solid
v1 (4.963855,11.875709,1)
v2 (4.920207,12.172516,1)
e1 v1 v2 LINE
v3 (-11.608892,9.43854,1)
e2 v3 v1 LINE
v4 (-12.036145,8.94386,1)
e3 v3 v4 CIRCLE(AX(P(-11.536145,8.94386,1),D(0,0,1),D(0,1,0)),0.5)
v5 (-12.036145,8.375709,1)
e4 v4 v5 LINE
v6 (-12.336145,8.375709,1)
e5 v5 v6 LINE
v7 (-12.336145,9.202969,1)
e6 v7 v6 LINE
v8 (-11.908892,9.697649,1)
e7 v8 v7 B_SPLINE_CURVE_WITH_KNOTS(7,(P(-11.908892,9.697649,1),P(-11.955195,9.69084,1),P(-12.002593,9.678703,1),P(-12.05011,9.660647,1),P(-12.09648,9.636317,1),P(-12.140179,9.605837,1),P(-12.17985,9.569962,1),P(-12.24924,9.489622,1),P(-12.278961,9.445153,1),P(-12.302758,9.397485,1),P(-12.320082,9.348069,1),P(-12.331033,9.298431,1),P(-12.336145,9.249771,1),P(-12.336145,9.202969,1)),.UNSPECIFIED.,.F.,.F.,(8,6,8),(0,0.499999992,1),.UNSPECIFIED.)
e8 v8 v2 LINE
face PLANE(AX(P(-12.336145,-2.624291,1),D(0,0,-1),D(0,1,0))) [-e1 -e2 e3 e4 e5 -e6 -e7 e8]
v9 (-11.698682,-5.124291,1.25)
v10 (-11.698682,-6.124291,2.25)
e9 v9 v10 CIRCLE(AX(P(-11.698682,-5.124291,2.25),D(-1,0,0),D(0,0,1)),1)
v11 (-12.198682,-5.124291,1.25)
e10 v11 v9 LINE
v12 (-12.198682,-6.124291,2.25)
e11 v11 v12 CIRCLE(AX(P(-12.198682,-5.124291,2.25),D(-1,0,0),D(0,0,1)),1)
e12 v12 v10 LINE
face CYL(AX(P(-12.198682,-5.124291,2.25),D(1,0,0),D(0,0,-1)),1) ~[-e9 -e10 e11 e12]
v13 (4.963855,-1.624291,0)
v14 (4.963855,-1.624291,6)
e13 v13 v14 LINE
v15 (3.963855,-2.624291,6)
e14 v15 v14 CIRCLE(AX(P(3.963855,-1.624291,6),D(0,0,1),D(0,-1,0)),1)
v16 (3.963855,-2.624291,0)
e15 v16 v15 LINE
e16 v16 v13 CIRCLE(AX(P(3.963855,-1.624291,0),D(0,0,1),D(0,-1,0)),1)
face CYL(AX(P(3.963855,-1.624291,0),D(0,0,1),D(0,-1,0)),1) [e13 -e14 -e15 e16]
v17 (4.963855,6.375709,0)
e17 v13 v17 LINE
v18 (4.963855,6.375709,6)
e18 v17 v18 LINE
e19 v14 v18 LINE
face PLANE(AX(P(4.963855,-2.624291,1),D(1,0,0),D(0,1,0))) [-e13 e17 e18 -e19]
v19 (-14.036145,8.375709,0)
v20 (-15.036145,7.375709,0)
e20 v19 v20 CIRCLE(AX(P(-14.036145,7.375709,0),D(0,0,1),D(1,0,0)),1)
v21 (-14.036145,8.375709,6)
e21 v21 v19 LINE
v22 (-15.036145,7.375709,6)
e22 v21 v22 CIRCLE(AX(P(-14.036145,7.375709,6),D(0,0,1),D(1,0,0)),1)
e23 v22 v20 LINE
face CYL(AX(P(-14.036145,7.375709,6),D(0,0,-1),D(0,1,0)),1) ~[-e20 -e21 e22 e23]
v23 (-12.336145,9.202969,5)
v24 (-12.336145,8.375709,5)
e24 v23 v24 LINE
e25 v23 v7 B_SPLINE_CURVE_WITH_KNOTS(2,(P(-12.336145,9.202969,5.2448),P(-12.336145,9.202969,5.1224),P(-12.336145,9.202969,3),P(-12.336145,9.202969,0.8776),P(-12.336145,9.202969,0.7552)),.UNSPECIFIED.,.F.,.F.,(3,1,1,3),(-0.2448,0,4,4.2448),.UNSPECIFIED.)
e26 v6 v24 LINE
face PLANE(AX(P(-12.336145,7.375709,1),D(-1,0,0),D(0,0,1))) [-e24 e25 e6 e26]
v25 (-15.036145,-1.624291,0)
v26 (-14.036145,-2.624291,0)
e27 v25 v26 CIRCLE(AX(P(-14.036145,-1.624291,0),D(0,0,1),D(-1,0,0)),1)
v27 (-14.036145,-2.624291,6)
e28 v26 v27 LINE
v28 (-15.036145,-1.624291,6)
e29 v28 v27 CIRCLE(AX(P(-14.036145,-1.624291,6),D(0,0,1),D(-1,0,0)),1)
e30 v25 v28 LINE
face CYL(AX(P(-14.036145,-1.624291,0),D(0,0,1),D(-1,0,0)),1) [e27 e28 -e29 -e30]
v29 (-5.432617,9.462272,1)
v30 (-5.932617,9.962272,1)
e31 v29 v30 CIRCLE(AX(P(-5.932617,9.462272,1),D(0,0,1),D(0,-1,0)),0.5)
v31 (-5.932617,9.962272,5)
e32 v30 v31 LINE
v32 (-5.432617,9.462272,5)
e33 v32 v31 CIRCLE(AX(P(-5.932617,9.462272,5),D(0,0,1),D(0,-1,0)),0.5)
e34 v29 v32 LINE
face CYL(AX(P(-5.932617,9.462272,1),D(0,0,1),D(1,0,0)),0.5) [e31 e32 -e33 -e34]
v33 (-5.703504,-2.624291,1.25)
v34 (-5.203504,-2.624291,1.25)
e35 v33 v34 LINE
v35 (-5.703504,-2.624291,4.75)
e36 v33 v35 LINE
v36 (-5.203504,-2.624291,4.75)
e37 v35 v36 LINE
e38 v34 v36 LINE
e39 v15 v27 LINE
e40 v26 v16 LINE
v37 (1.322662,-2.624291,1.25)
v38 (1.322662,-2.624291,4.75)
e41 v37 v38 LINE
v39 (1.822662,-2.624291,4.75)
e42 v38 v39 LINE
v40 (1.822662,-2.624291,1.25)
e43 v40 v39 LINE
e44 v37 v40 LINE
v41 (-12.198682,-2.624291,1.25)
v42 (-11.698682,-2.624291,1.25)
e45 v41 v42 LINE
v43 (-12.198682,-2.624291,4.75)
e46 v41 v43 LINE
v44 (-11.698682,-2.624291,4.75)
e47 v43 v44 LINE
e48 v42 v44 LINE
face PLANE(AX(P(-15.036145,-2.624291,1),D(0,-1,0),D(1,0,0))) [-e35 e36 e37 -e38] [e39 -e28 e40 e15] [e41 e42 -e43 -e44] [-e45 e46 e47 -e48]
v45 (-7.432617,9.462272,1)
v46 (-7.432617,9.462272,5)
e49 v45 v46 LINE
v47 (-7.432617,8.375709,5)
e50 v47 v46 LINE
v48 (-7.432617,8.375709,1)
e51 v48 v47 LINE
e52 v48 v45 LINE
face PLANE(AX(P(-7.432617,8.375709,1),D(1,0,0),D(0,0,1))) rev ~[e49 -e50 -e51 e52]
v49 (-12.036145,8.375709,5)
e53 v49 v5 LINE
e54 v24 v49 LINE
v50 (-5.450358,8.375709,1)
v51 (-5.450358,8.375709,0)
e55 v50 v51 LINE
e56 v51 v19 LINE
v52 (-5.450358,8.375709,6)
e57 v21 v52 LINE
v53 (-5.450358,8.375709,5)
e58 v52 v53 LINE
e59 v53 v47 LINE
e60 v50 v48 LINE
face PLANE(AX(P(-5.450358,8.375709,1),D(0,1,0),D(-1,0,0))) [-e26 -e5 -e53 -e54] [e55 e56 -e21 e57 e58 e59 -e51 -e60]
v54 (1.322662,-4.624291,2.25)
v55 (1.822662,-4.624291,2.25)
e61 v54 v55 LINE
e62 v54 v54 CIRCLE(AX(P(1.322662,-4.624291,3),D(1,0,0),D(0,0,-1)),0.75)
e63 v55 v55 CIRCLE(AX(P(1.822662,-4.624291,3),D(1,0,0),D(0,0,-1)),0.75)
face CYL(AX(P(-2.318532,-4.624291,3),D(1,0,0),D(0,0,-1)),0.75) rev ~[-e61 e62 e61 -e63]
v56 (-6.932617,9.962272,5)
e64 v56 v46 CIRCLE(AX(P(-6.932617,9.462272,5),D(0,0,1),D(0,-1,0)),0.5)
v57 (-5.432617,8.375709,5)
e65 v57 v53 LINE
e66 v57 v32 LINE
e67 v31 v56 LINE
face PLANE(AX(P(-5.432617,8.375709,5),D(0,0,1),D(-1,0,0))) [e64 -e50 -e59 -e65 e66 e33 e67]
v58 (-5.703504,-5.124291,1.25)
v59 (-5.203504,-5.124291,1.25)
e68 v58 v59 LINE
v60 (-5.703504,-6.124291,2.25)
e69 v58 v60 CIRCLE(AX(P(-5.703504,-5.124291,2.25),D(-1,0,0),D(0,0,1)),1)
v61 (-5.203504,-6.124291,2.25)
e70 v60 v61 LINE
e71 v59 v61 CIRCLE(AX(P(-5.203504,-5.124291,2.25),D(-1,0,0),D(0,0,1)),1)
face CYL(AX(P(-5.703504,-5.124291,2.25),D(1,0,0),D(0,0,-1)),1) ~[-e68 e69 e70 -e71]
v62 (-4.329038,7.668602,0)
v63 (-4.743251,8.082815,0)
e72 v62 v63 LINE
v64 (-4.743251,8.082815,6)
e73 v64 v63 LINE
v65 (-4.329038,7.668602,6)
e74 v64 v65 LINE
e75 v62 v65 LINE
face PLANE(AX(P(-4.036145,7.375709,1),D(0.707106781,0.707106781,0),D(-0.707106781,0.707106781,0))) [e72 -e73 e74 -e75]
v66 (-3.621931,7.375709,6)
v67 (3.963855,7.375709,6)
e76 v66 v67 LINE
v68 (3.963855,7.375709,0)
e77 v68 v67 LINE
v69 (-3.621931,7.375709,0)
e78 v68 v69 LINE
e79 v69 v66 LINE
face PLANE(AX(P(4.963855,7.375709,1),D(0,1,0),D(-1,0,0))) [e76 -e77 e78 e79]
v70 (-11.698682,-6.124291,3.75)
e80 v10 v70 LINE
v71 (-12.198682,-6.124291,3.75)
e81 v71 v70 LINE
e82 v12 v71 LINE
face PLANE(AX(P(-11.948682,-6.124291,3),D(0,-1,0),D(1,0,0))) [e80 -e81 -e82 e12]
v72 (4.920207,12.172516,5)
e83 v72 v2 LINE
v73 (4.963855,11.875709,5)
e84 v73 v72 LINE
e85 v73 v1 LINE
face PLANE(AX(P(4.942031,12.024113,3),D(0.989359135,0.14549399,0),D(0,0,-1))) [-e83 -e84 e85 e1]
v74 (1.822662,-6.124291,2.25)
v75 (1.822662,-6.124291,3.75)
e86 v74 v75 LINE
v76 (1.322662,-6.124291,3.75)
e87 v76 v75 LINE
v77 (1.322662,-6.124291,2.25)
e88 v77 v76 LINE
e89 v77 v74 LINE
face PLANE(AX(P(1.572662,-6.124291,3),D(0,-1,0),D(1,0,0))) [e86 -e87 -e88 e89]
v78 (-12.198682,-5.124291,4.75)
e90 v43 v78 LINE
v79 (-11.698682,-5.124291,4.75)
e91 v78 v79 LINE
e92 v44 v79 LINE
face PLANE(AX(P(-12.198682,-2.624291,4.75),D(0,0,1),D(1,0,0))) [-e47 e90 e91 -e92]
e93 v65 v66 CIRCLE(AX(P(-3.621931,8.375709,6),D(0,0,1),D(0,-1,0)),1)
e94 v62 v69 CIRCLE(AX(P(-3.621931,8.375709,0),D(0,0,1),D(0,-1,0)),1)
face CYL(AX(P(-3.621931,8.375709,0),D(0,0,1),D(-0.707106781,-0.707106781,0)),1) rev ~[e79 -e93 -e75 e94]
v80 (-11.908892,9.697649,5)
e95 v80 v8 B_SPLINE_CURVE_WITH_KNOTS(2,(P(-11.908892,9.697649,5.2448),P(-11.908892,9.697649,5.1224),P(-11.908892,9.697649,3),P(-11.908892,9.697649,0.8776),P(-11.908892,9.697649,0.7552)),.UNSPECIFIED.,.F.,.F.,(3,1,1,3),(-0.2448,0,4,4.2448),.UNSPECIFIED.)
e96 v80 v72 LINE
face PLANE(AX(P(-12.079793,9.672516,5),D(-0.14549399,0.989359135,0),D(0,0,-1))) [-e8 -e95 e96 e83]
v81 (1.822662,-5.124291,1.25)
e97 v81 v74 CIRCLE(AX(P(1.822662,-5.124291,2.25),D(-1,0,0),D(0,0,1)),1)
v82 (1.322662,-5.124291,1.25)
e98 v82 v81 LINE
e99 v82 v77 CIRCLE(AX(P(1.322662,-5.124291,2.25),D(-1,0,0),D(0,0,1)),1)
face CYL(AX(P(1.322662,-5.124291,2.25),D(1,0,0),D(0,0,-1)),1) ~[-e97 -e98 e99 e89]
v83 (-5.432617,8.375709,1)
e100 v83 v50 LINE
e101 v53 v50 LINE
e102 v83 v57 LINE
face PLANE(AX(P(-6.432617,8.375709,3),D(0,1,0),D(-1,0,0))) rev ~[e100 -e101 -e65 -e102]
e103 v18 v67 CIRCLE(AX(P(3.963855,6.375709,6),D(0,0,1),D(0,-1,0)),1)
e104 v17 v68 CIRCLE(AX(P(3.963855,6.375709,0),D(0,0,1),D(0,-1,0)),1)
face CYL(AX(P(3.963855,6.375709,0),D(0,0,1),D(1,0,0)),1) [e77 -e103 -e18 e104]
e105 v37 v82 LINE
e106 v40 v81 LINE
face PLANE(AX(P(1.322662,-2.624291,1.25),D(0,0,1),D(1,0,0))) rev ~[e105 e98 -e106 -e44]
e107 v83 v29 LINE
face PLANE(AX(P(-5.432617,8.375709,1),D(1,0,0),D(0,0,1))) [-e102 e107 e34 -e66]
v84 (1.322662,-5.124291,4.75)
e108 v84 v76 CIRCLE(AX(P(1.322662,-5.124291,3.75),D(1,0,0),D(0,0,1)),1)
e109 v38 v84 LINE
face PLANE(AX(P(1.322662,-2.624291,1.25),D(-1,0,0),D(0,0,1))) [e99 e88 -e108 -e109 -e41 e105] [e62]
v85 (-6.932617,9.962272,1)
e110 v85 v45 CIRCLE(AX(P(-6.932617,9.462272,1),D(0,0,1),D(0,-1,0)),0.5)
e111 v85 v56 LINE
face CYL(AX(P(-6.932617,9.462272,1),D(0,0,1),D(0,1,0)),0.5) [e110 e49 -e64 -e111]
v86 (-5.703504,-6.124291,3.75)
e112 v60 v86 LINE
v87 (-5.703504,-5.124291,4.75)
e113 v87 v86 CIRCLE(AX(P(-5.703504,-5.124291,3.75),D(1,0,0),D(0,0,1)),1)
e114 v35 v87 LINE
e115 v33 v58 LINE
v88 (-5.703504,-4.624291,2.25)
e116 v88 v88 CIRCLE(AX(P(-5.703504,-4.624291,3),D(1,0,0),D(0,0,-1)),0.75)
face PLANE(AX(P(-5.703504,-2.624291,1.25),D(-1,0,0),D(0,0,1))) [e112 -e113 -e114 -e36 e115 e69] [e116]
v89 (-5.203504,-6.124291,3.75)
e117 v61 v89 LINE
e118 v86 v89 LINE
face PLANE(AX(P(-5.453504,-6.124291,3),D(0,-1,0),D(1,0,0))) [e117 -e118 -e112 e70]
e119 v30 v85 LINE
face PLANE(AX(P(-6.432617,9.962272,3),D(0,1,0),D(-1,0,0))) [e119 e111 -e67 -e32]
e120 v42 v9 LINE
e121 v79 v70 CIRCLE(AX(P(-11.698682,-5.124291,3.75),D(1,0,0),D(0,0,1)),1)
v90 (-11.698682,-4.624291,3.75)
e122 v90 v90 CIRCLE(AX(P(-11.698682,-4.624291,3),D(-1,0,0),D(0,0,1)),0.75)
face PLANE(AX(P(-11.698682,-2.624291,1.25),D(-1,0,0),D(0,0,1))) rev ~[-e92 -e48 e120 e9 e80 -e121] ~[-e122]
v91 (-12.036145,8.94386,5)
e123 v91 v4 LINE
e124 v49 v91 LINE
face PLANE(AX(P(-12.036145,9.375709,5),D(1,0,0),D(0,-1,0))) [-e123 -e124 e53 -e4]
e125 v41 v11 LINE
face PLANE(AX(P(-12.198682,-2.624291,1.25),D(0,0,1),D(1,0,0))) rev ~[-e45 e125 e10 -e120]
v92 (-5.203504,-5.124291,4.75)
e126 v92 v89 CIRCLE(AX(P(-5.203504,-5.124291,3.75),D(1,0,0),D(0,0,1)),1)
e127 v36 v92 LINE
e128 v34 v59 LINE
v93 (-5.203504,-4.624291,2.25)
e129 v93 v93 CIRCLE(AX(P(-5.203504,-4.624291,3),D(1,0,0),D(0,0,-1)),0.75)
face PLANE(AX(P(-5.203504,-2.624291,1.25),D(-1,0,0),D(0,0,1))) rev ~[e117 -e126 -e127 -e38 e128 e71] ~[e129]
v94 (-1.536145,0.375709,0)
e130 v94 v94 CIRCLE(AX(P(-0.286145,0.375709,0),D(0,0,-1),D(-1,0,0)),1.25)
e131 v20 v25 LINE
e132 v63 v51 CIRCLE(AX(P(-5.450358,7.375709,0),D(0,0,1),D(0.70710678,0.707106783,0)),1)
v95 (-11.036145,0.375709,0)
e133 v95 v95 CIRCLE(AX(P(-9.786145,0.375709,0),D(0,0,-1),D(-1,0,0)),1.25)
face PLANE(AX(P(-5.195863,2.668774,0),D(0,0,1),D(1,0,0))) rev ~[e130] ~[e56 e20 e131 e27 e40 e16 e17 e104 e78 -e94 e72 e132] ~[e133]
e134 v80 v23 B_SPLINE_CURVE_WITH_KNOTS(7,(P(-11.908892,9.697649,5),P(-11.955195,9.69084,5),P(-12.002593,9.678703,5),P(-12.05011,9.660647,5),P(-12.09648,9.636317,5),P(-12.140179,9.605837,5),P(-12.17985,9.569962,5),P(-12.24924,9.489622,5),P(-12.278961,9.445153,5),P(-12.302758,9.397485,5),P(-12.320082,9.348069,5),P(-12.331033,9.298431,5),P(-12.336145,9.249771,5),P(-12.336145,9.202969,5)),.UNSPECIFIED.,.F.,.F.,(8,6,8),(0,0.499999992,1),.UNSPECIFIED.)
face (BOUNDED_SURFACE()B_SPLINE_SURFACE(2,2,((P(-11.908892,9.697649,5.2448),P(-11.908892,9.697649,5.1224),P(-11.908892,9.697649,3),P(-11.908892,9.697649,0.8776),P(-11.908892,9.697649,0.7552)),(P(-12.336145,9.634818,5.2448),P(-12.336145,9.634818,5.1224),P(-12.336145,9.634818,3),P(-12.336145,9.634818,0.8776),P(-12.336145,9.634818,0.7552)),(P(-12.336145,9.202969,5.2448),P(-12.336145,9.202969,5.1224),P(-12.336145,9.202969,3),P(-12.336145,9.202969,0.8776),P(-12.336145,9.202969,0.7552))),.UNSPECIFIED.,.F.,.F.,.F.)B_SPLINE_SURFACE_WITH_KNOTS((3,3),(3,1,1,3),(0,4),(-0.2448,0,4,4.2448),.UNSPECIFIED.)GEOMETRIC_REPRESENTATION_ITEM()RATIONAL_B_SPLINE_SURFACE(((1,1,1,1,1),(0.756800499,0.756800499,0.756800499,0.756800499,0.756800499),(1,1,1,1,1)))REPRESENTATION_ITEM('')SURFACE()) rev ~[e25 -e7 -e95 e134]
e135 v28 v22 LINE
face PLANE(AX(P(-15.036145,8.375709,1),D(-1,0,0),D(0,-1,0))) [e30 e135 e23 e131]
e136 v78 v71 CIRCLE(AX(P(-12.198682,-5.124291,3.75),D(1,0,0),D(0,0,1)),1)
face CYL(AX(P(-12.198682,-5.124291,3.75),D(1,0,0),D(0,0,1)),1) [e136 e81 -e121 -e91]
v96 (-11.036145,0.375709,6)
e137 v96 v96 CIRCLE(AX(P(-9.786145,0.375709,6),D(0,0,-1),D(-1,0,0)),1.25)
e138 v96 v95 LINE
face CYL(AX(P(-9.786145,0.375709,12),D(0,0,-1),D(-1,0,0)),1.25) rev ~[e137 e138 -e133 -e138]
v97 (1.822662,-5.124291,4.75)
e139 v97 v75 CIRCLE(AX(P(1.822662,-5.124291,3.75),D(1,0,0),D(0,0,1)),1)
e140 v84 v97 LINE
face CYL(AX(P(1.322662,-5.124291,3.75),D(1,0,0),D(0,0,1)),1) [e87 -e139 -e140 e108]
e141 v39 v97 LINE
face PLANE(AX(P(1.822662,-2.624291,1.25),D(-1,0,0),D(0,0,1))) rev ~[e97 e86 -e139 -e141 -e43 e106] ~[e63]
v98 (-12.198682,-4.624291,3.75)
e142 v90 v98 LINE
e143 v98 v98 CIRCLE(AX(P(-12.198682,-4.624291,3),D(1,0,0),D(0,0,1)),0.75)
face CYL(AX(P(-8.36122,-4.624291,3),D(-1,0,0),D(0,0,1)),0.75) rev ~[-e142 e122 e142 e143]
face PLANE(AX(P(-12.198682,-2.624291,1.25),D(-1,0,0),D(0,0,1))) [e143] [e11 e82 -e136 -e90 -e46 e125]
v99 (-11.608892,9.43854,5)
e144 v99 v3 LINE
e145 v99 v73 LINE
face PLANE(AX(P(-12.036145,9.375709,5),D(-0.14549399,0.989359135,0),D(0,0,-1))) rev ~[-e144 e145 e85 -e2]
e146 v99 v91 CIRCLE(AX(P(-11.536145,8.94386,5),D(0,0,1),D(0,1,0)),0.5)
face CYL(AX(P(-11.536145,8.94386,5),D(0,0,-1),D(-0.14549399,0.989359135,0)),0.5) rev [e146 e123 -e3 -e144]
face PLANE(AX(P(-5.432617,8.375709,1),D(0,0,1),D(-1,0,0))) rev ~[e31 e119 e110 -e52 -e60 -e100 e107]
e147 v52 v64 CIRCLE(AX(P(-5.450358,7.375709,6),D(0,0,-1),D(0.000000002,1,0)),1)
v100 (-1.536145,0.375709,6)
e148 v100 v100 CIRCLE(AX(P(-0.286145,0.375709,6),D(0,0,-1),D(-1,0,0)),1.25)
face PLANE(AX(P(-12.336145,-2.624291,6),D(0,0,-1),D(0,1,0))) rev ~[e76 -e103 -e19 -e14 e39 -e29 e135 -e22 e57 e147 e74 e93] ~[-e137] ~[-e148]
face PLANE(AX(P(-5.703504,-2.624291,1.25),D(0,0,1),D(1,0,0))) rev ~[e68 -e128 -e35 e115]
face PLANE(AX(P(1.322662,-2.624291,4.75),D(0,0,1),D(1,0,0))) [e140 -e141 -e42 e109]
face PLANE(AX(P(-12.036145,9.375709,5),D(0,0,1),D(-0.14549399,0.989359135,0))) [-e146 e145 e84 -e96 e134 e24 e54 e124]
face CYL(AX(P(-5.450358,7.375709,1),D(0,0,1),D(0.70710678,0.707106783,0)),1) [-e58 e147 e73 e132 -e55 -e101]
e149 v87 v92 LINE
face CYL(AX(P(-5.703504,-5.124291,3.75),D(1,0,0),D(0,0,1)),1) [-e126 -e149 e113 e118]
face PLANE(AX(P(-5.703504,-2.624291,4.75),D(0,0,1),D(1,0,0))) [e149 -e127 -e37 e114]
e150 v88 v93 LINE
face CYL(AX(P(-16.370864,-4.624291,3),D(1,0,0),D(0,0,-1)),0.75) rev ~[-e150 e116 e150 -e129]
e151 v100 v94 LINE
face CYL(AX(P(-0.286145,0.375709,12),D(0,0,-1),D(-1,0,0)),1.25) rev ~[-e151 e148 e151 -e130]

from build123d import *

# Parameters (mm, degrees)
BOSS_EXTRUDE1_DEPTH            = 4
BOSS_EXTRUDE2_DEPTH            = 1
CUT_EXTRUDE1_DEPTH             = 1
SKETCH4_W                      = 8.3
SKETCH4_H                      = 5
BOSS_EXTRUDE3_DEPTH            = 10
SKETCH5_W                      = 4
SKETCH5_H                      = 0.3
BOSS_EXTRUDE4_DEPTH            = 17.182840277
SKETCH6_W                      = 5
SKETCH6_H                      = 10
BOSS_EXTRUDE5_DEPTH            = 9
SKETCH7_W                      = 5
SKETCH7_H                      = 11
BOSS_EXTRUDE6_DEPTH            = 2.7
BOSS_EXTRUDE7_DEPTH            = 1
SKETCH9_W                      = 2
SKETCH9_H                      = 4
BOSS_EXTRUDE8_DEPTH            = 1.58656304
SKETCH10_W                     = 0.5
SKETCH10_H                     = 3.5
BOSS_EXTRUDE9_DEPTH            = 3.5
SKETCH11_W                     = 0.5
SKETCH11_H                     = 3.5
BOSS_EXTRUDE10_DEPTH           = 3.5
SKETCH12_W                     = 0.5
SKETCH12_H                     = 3.5
BOSS_EXTRUDE11_DEPTH           = 3.5
F_2_5_2_5_DIAMETER_HOLE1_D     = 2.5
F_2_5_2_5_DIAMETER_HOLE1_DEPTH = 6
F_1_5_1_5_DIAMETER_HOLE1_D     = 1.5
F_1_5_1_5_DIAMETER_HOLE1_DEPTH = 3.337462294
F_1_5_1_5_DIAMETER_HOLE2_D     = 1.5
F_1_5_1_5_DIAMETER_HOLE2_DEPTH = 3.641193774
F_1_5_1_5_DIAMETER_HOLE3_D     = 1.5
F_1_5_1_5_DIAMETER_HOLE3_DEPTH = 10.667359759
FILLET1_R                      = 0.5
FILLET2_R                      = 1


with BuildPart() as part:
    # Sketch1 → Boss-Extrude1 (new body)
    with BuildSketch(Plane(origin=(0, 0, 1), x_dir=(-1, 0, 0), z_dir=(0, 0, -1))):
        with BuildLine():
            Line((4.743251359, 8.08281548), (4.036144578, 7.375708699))
            Line((4.036144578, 7.375708699), (12.336144578, 7.375708699))
            Line((12.336144578, 7.375708699), (12.336144578, 9.634817645))
            Line((12.336144578, 9.634817645), (12.079792775, 9.67251644))
            Line((12.079792775, 9.67251644), (12.036144578, 9.375708699))
            Line((12.036144578, 9.375708699), (12.036144578, 8.375708699))
            Line((12.036144578, 8.375708699), (5.450358141, 8.375708699))
            ThreePointArc((5.450358141, 8.375708699), (5.067674708, 8.299588231), (4.743251359, 8.08281548))
        make_face()
    extrude(amount=-BOSS_EXTRUDE1_DEPTH)

    # Sketch2 → Boss-Extrude2 (add)
    with BuildSketch(Plane.XY.offset(5)):
        with BuildLine():
            Line((-12.336144578, 7.375708699), (-12.336144578, 9.634817645))
            Line((-12.336144578, 9.634817645), (-12.079792775, 9.67251644))
            Line((-12.079792775, 9.67251644), (-12.036144578, 9.375708699))
            Line((-12.036144578, 9.375708699), (-12.036144578, 8.375708699))
            Line((-12.036144578, 8.375708699), (-5.450358141, 8.375708699))
            ThreePointArc((-5.450358141, 8.375708699), (-5.067674708, 8.299588231), (-4.743251359, 8.08281548))
            Line((-4.743251359, 8.08281548), (-4.036144578, 7.375708699))
            Line((-4.036144578, 7.375708699), (-12.336144578, 7.375708699))
        make_face()
    extrude(amount=BOSS_EXTRUDE2_DEPTH)

    # Sketch3 → Cut-Extrude1 (cut)
    with BuildSketch(Plane.XY.offset(6)):
        Polygon((-12.036144578, 8.375708699), (-12.036144578, 9.375708699), (-12.079792775, 9.67251644), (-12.336144578, 9.634817645), (-12.336144578, 8.375708699), align=None)
    extrude(amount=-CUT_EXTRUDE1_DEPTH, mode=Mode.SUBTRACT)

    # Sketch4 → Boss-Extrude3 (add)
    with BuildSketch(Plane.XZ.offset(-7.375708699)):
        with Locations((-8.186144578, 3.5)):
            Rectangle(SKETCH4_W, SKETCH4_H)
    extrude(amount=BOSS_EXTRUDE3_DEPTH)

    # Sketch5 → Boss-Extrude4 (add)
    with BuildSketch(Plane(origin=(-10.431763466, -1.534082863, 0), x_dir=(0, 0, -1), z_dir=(0.989359135, 0.14549399, 0))):
        with Locations((-3, 11.177129757)):
            Rectangle(SKETCH5_W, SKETCH5_H)
    extrude(amount=BOSS_EXTRUDE4_DEPTH)

    # Sketch6 → Boss-Extrude5 (add)
    with BuildSketch(Plane(origin=(-4.036144578, 0, 0), x_dir=(0, 0, -1), z_dir=(1, 0, 0))):
        with Locations((-3.5, 2.375708699)):
            Rectangle(SKETCH6_W, SKETCH6_H)
    extrude(amount=BOSS_EXTRUDE5_DEPTH)

    # Sketch7 → Boss-Extrude6 (add)
    with BuildSketch(Plane.ZY.offset(12.336144578)):
        with Locations((3.5, 2.875708699)):
            Rectangle(SKETCH7_W, SKETCH7_H)
    extrude(amount=BOSS_EXTRUDE6_DEPTH)

    # Sketch8 → Boss-Extrude7 (add)
    with BuildSketch(Plane(origin=(0, 0, 1), x_dir=(-1, 0, 0), z_dir=(0, 0, -1))):
        with BuildLine():
            Line((15.036144578, 8.375708699), (15.036144578, -2.624291301))
            Line((15.036144578, -2.624291301), (-4.963855422, -2.624291301))
            Line((-4.963855422, -2.624291301), (-4.963855422, 7.375708699))
            Line((-4.963855422, 7.375708699), (4.036144578, 7.375708699))
            Line((4.036144578, 7.375708699), (4.743251359, 8.08281548))
            ThreePointArc((4.743251359, 8.08281548), (5.067674708, 8.299588231), (5.450358141, 8.375708699))
            Line((5.450358141, 8.375708699), (15.036144578, 8.375708699))
        make_face()
    extrude(amount=BOSS_EXTRUDE7_DEPTH)

    # Sketch9 → Boss-Extrude8 (add)
    with BuildSketch(Plane(origin=(0, 8.375708699, 0), x_dir=(-1, 0, 0), z_dir=(0, 1, 0))):
        with Locations((6.43261709, 3)):
            Rectangle(SKETCH9_W, SKETCH9_H)
    extrude(amount=BOSS_EXTRUDE8_DEPTH)

    # Sketch10 → Boss-Extrude9 (add)
    with BuildSketch(Plane.XZ.offset(2.624291301)):
        with Locations((-5.453504337, 3)):
            Rectangle(SKETCH10_W, SKETCH10_H)
    extrude(amount=BOSS_EXTRUDE9_DEPTH)

    # Sketch11 → Boss-Extrude10 (add)
    with BuildSketch(Plane.XZ.offset(2.624291301)):
        with Locations((1.572661648, 3)):
            Rectangle(SKETCH11_W, SKETCH11_H)
    extrude(amount=BOSS_EXTRUDE10_DEPTH)

    # Sketch12 → Boss-Extrude11 (add)
    with BuildSketch(Plane.XZ.offset(2.624291301)):
        with Locations((-11.948682285, 3)):
            Rectangle(SKETCH12_W, SKETCH12_H)
    extrude(amount=BOSS_EXTRUDE11_DEPTH)

    # Ø2.5 (2.5) Diameter Hole1
    with Locations(Plane.XY.offset(6)):
        with Locations((-9.786144578, 0.375708699), (-0.286144578, 0.375708699)):
            Hole(F_2_5_2_5_DIAMETER_HOLE1_D / 2, depth=F_2_5_2_5_DIAMETER_HOLE1_DEPTH)

    # Ø1.5 (1.5) Diameter Hole1
    with Locations(Plane(origin=(-11.698682285, 0, 0), x_dir=(0, 0, -1), z_dir=(1, 0, 0))):
        with Locations((-3, -4.624291301)):
            Hole(F_1_5_1_5_DIAMETER_HOLE1_D / 2, depth=F_1_5_1_5_DIAMETER_HOLE1_DEPTH)

    # Ø1.5 (1.5) Diameter Hole2
    with Locations(Plane.ZY.offset(-1.322661648)):
        with Locations((3, -4.624291301)):
            Hole(F_1_5_1_5_DIAMETER_HOLE2_D / 2, depth=F_1_5_1_5_DIAMETER_HOLE2_DEPTH)

    # Ø1.5 (1.5) Diameter Hole3
    with Locations(Plane.ZY.offset(5.703504337)):
        with Locations((3, -4.624291301)):
            Hole(F_1_5_1_5_DIAMETER_HOLE3_D / 2, depth=F_1_5_1_5_DIAMETER_HOLE3_DEPTH)

    # Fillet1
    fillet1_edges = [part.edges().sort_by_distance(p)[0] for p in [
        (-7.43261709, 9.962271739, 3),
        (-5.43261709, 9.962271739, 3),
        (-12.336144578, 9.634817645, 3),
        (-12.036144578, 9.375708699, 3),
    ]]
    fillet(fillet1_edges, radius=FILLET1_R)

    # Fillet2
    fillet2_edges = [part.edges().sort_by_distance(p)[0] for p in [
        (-15.036144578, -2.624291301, 3),
        (-15.036144578, 8.375708699, 3),
        (-4.036144578, 7.375708699, 3),
        (-5.453504337, -6.124291301, 1.25),
        (-5.453504337, -6.124291301, 4.75),
        (1.572661648, -6.124291301, 1.25),
        (1.572661648, -6.124291301, 4.75),
        (-11.948682285, -6.124291301, 1.25),
        (-11.948682285, -6.124291301, 4.75),
        (4.963855422, 7.375708699, 3),
        (4.963855422, -2.624291301, 3),
    ]]
    fillet(fillet2_edges, radius=FILLET2_R)


solid = part.part
